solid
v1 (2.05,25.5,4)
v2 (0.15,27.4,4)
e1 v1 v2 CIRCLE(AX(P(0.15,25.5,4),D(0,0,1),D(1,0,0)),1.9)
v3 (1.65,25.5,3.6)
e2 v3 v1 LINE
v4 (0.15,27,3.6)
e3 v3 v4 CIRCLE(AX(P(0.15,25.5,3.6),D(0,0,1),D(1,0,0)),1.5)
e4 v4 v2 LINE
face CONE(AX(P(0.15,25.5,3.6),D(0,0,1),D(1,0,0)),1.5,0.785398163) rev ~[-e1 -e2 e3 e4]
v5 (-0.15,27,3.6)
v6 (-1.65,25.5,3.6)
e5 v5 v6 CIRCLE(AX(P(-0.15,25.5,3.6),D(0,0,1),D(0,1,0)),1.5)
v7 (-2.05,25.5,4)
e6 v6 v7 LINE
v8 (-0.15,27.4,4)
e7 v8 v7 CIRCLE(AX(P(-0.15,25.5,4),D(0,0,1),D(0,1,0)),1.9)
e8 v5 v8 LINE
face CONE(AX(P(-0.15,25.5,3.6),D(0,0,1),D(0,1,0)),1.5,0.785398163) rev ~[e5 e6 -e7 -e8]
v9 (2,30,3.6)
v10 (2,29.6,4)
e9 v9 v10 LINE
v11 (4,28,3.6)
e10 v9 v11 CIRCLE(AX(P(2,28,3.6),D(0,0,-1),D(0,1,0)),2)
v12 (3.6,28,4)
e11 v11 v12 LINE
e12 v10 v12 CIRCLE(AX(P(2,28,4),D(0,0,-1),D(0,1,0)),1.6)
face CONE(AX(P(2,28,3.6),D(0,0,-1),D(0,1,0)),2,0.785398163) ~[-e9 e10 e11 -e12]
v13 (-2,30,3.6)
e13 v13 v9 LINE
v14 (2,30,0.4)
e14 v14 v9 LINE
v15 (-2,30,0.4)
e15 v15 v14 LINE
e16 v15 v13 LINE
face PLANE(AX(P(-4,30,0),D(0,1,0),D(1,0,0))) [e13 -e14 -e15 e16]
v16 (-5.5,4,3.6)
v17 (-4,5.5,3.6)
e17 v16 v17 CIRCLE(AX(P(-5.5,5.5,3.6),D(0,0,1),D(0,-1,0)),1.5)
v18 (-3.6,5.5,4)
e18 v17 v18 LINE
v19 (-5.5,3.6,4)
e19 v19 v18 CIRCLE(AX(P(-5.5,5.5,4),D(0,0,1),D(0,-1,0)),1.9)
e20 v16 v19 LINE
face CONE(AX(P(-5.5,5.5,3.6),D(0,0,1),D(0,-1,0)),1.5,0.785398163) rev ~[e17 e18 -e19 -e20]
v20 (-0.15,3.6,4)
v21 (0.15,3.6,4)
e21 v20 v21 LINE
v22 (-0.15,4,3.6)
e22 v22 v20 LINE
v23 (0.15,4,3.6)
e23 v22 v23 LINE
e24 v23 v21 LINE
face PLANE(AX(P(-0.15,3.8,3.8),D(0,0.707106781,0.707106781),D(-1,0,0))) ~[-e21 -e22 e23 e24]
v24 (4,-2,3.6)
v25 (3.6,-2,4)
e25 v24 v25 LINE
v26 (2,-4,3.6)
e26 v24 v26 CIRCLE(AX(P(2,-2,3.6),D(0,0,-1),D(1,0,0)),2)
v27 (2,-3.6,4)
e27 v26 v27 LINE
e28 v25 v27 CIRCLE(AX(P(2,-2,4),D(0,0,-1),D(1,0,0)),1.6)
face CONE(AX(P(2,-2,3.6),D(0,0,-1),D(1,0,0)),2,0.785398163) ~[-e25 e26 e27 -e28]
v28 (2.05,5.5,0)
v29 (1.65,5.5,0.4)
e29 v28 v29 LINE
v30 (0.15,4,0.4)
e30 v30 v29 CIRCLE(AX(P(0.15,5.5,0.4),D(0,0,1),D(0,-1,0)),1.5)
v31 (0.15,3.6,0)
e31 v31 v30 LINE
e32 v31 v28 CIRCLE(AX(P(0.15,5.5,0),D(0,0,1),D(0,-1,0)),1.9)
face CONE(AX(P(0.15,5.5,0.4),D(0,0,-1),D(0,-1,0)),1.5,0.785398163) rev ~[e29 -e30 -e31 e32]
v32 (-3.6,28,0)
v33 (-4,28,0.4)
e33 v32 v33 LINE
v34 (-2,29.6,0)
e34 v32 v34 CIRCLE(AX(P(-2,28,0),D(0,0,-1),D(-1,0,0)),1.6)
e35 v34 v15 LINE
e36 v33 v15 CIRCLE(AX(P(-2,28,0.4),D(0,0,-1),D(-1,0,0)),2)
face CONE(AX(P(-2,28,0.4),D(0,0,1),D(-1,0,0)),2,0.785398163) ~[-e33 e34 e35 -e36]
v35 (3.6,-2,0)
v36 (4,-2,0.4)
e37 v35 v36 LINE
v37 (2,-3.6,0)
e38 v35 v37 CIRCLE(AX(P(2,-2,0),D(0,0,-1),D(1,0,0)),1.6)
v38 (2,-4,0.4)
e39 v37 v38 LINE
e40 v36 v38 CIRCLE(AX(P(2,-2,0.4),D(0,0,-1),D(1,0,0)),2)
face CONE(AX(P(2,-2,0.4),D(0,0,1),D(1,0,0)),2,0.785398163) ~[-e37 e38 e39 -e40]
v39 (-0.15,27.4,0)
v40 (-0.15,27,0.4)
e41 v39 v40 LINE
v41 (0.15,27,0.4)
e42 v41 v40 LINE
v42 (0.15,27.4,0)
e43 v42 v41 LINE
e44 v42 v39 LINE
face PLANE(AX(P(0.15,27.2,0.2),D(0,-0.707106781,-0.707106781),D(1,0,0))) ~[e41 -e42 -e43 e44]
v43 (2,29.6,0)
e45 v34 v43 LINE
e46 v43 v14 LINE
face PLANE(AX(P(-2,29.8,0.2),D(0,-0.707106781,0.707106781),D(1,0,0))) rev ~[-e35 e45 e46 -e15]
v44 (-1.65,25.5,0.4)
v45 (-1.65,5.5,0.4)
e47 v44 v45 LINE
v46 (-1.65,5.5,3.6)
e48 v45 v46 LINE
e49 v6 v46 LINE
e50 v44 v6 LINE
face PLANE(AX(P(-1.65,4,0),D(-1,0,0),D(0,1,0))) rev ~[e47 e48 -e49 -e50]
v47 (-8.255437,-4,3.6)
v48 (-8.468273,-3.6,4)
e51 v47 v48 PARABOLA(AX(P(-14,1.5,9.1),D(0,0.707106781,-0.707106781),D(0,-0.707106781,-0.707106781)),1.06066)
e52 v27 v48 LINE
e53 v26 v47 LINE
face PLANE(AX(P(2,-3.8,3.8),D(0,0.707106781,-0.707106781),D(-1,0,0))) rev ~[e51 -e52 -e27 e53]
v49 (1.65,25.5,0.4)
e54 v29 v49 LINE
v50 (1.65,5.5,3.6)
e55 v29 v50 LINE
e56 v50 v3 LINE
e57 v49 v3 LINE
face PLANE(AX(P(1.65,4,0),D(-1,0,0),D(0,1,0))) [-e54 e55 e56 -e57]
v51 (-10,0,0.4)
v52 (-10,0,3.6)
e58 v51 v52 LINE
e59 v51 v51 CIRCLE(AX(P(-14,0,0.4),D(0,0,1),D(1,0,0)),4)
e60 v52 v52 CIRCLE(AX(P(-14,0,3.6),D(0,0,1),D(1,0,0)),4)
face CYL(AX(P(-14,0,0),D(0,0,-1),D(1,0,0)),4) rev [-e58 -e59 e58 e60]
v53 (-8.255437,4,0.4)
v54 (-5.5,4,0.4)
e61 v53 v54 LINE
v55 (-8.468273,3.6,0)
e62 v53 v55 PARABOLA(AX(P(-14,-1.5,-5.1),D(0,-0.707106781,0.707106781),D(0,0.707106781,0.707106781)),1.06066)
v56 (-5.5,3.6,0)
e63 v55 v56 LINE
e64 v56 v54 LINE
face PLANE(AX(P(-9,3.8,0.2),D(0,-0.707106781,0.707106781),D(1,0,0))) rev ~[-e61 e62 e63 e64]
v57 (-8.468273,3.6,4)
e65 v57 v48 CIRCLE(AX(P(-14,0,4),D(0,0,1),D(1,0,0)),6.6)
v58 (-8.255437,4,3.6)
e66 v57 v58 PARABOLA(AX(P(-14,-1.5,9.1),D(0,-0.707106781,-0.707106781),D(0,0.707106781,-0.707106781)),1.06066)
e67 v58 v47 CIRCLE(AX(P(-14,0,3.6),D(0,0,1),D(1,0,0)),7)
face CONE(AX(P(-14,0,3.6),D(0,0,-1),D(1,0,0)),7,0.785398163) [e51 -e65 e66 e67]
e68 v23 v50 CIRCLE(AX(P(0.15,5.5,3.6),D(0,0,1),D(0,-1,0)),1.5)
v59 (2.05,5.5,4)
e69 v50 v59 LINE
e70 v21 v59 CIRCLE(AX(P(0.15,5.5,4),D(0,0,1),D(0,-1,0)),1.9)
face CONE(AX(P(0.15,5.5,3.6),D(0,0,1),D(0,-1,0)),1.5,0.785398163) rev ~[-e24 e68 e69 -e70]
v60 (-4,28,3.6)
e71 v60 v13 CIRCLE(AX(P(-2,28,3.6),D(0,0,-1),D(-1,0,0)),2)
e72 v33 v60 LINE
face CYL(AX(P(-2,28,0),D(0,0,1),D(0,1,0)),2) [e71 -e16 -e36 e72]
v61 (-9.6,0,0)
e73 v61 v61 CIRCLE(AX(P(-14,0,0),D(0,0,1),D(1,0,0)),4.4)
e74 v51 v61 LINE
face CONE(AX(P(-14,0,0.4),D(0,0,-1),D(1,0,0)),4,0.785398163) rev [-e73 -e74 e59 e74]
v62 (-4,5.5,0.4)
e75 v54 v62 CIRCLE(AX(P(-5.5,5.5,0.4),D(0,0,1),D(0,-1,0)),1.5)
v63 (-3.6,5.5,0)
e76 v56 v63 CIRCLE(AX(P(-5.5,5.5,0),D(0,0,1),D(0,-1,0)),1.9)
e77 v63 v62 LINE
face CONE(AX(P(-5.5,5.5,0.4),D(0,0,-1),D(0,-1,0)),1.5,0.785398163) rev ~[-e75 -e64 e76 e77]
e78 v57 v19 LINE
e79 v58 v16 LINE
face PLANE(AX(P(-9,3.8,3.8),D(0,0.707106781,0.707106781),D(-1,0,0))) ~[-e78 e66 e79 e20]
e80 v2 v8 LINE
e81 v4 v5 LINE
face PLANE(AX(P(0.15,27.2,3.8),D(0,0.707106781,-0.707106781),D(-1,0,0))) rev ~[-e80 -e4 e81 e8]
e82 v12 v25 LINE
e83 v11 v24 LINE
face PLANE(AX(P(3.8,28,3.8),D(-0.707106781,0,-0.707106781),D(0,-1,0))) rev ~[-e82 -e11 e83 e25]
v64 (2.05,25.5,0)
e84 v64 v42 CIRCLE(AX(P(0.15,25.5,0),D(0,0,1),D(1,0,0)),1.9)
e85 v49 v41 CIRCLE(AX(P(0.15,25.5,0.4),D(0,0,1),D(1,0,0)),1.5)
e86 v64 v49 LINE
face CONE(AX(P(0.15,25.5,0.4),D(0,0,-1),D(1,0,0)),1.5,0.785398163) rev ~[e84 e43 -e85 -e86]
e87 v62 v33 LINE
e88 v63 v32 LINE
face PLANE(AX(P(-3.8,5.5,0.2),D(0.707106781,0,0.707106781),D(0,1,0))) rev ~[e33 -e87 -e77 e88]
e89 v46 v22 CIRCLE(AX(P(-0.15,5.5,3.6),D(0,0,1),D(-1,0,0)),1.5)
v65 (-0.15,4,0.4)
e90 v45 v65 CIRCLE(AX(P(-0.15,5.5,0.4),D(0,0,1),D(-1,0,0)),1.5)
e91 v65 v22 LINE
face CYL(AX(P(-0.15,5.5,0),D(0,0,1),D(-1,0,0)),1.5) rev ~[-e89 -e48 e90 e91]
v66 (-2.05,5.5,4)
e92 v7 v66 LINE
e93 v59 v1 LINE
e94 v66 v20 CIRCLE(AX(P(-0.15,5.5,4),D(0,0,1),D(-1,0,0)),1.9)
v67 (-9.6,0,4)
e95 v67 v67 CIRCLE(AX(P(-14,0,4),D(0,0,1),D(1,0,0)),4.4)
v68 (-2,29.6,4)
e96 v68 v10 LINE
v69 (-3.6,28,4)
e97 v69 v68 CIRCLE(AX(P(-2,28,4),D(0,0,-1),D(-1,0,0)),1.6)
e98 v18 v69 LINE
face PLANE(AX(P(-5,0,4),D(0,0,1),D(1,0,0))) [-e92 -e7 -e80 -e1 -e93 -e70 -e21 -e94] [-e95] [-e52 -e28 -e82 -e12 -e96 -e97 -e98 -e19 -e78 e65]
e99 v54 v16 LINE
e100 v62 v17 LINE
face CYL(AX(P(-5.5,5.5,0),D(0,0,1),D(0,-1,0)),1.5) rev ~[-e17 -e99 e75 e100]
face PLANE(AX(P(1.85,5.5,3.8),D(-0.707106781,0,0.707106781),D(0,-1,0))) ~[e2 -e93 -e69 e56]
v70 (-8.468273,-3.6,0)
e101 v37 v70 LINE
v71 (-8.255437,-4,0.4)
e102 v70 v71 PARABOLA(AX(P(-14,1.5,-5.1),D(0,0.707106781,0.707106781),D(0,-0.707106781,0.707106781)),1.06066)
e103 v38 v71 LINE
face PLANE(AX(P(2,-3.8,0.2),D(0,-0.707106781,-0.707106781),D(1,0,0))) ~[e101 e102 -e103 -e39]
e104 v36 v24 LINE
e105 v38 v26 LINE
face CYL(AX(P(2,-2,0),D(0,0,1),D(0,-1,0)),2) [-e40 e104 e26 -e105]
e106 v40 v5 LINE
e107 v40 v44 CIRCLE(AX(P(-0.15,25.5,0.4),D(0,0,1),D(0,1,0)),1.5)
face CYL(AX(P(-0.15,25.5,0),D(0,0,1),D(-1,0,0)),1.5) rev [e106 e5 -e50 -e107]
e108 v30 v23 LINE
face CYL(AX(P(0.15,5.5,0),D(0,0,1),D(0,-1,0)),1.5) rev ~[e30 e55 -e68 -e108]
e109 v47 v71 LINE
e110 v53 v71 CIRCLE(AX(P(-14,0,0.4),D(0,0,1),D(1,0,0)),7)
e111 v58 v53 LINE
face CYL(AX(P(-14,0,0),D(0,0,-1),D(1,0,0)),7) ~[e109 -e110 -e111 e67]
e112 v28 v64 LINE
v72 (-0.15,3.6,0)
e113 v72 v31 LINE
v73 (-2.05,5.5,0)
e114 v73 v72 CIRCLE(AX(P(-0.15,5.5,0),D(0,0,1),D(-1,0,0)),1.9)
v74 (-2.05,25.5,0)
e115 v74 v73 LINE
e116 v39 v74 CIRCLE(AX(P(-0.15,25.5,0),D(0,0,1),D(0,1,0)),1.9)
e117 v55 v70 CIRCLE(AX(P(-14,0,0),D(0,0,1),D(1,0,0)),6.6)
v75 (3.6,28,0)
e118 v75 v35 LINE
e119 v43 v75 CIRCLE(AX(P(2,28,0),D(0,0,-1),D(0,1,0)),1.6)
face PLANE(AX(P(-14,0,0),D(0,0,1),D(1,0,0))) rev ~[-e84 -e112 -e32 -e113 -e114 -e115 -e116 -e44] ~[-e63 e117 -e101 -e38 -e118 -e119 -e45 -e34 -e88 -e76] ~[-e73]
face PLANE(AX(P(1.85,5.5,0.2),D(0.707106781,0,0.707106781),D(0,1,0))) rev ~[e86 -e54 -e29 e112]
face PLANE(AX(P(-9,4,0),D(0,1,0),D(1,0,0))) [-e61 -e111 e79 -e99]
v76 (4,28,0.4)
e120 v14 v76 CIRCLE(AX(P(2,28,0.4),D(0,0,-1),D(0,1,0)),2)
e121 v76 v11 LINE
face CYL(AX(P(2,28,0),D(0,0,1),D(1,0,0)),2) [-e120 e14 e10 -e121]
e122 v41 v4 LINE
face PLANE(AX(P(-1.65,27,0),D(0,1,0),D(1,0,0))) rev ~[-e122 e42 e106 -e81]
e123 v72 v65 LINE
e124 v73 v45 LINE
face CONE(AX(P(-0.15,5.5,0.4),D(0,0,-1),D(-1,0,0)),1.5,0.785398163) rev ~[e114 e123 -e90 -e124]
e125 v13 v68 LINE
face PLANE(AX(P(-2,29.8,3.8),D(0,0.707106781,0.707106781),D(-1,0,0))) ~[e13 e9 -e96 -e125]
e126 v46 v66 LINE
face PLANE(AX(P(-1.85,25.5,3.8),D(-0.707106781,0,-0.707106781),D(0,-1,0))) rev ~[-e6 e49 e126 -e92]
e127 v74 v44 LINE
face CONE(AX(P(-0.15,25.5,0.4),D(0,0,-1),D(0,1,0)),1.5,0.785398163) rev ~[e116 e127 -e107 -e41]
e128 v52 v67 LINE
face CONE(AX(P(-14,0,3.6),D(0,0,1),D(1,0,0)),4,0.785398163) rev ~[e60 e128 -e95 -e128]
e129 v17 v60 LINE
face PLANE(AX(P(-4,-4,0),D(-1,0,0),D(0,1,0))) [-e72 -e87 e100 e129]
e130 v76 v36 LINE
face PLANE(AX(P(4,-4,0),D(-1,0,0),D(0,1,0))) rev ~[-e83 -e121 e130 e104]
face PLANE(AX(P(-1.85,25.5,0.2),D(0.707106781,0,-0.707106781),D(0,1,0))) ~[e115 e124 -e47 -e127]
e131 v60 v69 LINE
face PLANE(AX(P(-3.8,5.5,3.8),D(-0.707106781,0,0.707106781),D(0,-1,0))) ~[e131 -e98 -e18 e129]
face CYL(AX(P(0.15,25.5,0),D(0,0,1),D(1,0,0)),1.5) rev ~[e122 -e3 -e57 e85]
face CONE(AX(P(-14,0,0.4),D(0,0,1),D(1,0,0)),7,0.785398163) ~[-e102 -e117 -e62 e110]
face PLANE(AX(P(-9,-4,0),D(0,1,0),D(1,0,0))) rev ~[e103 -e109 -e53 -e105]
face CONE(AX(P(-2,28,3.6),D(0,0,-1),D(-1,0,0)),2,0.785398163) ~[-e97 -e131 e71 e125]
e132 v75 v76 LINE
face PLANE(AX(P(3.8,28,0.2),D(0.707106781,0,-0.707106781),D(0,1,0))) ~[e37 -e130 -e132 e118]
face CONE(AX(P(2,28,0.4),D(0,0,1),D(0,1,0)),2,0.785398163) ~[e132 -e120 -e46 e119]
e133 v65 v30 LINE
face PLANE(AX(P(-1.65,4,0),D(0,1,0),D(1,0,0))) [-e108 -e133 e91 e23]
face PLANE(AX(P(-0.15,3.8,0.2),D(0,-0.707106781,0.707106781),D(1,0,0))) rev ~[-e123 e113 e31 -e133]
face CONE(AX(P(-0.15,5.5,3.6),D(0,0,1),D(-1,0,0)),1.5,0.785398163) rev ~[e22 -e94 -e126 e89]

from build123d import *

# Parameters (mm, degrees)
BOX001001004_W     = 3.3
BOX001001004_H     = 23
BOX001001004_DEPTH = 10
FILLET003_R        = 1.5
BOX001001005_W     = 8
BOX001001005_H     = 34
BOX001001005_DEPTH = 4
BOX001001006_W     = 8
BOX001001006_H     = 8
BOX001001006_DEPTH = 4
FILLET_R           = 2
FILLET004_R        = 1.5
CHAMFER005_SIZE    = 0.4
TUBE001_R          = 7
TUBE001_R_2        = 4
TUBE001_DEPTH      = 4
CHAMFER004_SIZE    = 0.4


with BuildPart() as fillet003:
    # Box001001004 → Box001001004 (new body)
    with BuildSketch(Plane(origin=(-1.65, 4, 0), x_dir=(1, 0, 0), z_dir=(0, 0, 1))):
        with Locations((1.65, 11.5)):
            Rectangle(BOX001001004_W, BOX001001004_H)
    extrude(amount=BOX001001004_DEPTH)

    # Fillet003
    fillet003_edges = [fillet003.edges().sort_by_distance(p)[0] for p in [
        (-1.65, 4, 5),
        (-1.65, 27, 5),
        (1.65, 4, 5),
        (1.65, 27, 5),
    ]]
    fillet(fillet003_edges, radius=FILLET003_R)


with BuildPart() as cube007:
    # Box001001005 → Box001001005 (new body)
    with BuildSketch(Plane(origin=(-4, -4, 0), x_dir=(1, 0, 0), z_dir=(0, 0, 1))):
        with Locations((4, 17)):
            Rectangle(BOX001001005_W, BOX001001005_H)
    extrude(amount=BOX001001005_DEPTH)


with BuildPart() as chamfer005:
    # Box001001006 → Box001001006 (new body)
    with BuildSketch(Plane(origin=(-9, -4, 0), x_dir=(1, 0, 0), z_dir=(0, 0, 1))):
        with Locations((4, 4)):
            Rectangle(BOX001001006_W, BOX001001006_H)
    extrude(amount=BOX001001006_DEPTH)

    # Fusion002: union Cube007
    add(cube007.part)

    # Fillet
    fillet_edges = [chamfer005.edges().sort_by_distance(p)[0] for p in [
        (-4, 30, 2),
        (4, -4, 2),
        (4, 30, 2),
    ]]
    fillet(fillet_edges, radius=FILLET_R)

    # Fillet004
    fillet004_edges = [chamfer005.edges().sort_by_distance(p)[0] for p in [
        (-4, 4, 2),
    ]]
    fillet(fillet004_edges, radius=FILLET004_R)

    # Cut002008023012009006003002007005: cut Fillet003
    add(fillet003.part, mode=Mode.SUBTRACT)

    # Chamfer005
    chamfer005_edges = [chamfer005.edges().sort_by_distance(p)[0] for p in [
        (-4, 16.75, 4),
        (-4, 16.75, 0),
        (-4.43934, 4.43934, 4),
        (-4.43934, 4.43934, 0),
        (-3.414214, 29.414214, 0),
        (-3.414214, 29.414214, 4),
        (0, 30, 0),
        (0, 30, 4),
        (3.414214, 29.414214, 0),
        (3.414214, 29.414214, 4),
        (4, 13, 4),
        (4, 13, 0),
        (3.414214, -3.414214, 0),
        (3.414214, -3.414214, 4),
        (-7.25, 4, 0),
        (-7.25, 4, 4),
        (-9, 0, 4),
        (-9, 0, 0),
        (-3.5, -4, 4),
        (-1.21066, 4.43934, 4),
        (-1.65, 15.5, 4),
        (-1.21066, 26.56066, 4),
        (0, 27, 4),
        (1.21066, 26.56066, 4),
        (1.65, 15.5, 4),
        (1.21066, 4.43934, 4),
        (0, 4, 4),
        (-1.21066, 4.43934, 0),
        (0, 4, 0),
        (1.21066, 4.43934, 0),
        (1.65, 15.5, 0),
        (1.21066, 26.56066, 0),
        (0, 27, 0),
        (-1.21066, 26.56066, 0),
        (-1.65, 15.5, 0),
        (-3.5, -4, 0),
    ]]
    chamfer(chamfer005_edges, length=CHAMFER005_SIZE)


with BuildPart() as fusion003001:
    # Tube001 → Tube001 (new body)
    with BuildSketch(Plane.XY):
        Circle(TUBE001_R)
        Circle(TUBE001_R_2, mode=Mode.SUBTRACT)
    extrude(amount=TUBE001_DEPTH)

    # Chamfer004
    chamfer004_edges = [fusion003001.edges().sort_by_distance(p)[0] for p in [
        (-7, 0, 4),
        (-7, 0, 0),
        (-4, 0, 4),
        (-4, 0, 0),
    ]]
    chamfer(chamfer004_edges, length=CHAMFER004_SIZE)


with BuildPart() as fusion003001_1:
    # Chamfer004 placement: moved
    add(fusion003001.part.moved(Location((-14, 0, 0))))

    # Fusion003: union Chamfer005
    add(chamfer005.part)


solid = fusion003001_1.part
